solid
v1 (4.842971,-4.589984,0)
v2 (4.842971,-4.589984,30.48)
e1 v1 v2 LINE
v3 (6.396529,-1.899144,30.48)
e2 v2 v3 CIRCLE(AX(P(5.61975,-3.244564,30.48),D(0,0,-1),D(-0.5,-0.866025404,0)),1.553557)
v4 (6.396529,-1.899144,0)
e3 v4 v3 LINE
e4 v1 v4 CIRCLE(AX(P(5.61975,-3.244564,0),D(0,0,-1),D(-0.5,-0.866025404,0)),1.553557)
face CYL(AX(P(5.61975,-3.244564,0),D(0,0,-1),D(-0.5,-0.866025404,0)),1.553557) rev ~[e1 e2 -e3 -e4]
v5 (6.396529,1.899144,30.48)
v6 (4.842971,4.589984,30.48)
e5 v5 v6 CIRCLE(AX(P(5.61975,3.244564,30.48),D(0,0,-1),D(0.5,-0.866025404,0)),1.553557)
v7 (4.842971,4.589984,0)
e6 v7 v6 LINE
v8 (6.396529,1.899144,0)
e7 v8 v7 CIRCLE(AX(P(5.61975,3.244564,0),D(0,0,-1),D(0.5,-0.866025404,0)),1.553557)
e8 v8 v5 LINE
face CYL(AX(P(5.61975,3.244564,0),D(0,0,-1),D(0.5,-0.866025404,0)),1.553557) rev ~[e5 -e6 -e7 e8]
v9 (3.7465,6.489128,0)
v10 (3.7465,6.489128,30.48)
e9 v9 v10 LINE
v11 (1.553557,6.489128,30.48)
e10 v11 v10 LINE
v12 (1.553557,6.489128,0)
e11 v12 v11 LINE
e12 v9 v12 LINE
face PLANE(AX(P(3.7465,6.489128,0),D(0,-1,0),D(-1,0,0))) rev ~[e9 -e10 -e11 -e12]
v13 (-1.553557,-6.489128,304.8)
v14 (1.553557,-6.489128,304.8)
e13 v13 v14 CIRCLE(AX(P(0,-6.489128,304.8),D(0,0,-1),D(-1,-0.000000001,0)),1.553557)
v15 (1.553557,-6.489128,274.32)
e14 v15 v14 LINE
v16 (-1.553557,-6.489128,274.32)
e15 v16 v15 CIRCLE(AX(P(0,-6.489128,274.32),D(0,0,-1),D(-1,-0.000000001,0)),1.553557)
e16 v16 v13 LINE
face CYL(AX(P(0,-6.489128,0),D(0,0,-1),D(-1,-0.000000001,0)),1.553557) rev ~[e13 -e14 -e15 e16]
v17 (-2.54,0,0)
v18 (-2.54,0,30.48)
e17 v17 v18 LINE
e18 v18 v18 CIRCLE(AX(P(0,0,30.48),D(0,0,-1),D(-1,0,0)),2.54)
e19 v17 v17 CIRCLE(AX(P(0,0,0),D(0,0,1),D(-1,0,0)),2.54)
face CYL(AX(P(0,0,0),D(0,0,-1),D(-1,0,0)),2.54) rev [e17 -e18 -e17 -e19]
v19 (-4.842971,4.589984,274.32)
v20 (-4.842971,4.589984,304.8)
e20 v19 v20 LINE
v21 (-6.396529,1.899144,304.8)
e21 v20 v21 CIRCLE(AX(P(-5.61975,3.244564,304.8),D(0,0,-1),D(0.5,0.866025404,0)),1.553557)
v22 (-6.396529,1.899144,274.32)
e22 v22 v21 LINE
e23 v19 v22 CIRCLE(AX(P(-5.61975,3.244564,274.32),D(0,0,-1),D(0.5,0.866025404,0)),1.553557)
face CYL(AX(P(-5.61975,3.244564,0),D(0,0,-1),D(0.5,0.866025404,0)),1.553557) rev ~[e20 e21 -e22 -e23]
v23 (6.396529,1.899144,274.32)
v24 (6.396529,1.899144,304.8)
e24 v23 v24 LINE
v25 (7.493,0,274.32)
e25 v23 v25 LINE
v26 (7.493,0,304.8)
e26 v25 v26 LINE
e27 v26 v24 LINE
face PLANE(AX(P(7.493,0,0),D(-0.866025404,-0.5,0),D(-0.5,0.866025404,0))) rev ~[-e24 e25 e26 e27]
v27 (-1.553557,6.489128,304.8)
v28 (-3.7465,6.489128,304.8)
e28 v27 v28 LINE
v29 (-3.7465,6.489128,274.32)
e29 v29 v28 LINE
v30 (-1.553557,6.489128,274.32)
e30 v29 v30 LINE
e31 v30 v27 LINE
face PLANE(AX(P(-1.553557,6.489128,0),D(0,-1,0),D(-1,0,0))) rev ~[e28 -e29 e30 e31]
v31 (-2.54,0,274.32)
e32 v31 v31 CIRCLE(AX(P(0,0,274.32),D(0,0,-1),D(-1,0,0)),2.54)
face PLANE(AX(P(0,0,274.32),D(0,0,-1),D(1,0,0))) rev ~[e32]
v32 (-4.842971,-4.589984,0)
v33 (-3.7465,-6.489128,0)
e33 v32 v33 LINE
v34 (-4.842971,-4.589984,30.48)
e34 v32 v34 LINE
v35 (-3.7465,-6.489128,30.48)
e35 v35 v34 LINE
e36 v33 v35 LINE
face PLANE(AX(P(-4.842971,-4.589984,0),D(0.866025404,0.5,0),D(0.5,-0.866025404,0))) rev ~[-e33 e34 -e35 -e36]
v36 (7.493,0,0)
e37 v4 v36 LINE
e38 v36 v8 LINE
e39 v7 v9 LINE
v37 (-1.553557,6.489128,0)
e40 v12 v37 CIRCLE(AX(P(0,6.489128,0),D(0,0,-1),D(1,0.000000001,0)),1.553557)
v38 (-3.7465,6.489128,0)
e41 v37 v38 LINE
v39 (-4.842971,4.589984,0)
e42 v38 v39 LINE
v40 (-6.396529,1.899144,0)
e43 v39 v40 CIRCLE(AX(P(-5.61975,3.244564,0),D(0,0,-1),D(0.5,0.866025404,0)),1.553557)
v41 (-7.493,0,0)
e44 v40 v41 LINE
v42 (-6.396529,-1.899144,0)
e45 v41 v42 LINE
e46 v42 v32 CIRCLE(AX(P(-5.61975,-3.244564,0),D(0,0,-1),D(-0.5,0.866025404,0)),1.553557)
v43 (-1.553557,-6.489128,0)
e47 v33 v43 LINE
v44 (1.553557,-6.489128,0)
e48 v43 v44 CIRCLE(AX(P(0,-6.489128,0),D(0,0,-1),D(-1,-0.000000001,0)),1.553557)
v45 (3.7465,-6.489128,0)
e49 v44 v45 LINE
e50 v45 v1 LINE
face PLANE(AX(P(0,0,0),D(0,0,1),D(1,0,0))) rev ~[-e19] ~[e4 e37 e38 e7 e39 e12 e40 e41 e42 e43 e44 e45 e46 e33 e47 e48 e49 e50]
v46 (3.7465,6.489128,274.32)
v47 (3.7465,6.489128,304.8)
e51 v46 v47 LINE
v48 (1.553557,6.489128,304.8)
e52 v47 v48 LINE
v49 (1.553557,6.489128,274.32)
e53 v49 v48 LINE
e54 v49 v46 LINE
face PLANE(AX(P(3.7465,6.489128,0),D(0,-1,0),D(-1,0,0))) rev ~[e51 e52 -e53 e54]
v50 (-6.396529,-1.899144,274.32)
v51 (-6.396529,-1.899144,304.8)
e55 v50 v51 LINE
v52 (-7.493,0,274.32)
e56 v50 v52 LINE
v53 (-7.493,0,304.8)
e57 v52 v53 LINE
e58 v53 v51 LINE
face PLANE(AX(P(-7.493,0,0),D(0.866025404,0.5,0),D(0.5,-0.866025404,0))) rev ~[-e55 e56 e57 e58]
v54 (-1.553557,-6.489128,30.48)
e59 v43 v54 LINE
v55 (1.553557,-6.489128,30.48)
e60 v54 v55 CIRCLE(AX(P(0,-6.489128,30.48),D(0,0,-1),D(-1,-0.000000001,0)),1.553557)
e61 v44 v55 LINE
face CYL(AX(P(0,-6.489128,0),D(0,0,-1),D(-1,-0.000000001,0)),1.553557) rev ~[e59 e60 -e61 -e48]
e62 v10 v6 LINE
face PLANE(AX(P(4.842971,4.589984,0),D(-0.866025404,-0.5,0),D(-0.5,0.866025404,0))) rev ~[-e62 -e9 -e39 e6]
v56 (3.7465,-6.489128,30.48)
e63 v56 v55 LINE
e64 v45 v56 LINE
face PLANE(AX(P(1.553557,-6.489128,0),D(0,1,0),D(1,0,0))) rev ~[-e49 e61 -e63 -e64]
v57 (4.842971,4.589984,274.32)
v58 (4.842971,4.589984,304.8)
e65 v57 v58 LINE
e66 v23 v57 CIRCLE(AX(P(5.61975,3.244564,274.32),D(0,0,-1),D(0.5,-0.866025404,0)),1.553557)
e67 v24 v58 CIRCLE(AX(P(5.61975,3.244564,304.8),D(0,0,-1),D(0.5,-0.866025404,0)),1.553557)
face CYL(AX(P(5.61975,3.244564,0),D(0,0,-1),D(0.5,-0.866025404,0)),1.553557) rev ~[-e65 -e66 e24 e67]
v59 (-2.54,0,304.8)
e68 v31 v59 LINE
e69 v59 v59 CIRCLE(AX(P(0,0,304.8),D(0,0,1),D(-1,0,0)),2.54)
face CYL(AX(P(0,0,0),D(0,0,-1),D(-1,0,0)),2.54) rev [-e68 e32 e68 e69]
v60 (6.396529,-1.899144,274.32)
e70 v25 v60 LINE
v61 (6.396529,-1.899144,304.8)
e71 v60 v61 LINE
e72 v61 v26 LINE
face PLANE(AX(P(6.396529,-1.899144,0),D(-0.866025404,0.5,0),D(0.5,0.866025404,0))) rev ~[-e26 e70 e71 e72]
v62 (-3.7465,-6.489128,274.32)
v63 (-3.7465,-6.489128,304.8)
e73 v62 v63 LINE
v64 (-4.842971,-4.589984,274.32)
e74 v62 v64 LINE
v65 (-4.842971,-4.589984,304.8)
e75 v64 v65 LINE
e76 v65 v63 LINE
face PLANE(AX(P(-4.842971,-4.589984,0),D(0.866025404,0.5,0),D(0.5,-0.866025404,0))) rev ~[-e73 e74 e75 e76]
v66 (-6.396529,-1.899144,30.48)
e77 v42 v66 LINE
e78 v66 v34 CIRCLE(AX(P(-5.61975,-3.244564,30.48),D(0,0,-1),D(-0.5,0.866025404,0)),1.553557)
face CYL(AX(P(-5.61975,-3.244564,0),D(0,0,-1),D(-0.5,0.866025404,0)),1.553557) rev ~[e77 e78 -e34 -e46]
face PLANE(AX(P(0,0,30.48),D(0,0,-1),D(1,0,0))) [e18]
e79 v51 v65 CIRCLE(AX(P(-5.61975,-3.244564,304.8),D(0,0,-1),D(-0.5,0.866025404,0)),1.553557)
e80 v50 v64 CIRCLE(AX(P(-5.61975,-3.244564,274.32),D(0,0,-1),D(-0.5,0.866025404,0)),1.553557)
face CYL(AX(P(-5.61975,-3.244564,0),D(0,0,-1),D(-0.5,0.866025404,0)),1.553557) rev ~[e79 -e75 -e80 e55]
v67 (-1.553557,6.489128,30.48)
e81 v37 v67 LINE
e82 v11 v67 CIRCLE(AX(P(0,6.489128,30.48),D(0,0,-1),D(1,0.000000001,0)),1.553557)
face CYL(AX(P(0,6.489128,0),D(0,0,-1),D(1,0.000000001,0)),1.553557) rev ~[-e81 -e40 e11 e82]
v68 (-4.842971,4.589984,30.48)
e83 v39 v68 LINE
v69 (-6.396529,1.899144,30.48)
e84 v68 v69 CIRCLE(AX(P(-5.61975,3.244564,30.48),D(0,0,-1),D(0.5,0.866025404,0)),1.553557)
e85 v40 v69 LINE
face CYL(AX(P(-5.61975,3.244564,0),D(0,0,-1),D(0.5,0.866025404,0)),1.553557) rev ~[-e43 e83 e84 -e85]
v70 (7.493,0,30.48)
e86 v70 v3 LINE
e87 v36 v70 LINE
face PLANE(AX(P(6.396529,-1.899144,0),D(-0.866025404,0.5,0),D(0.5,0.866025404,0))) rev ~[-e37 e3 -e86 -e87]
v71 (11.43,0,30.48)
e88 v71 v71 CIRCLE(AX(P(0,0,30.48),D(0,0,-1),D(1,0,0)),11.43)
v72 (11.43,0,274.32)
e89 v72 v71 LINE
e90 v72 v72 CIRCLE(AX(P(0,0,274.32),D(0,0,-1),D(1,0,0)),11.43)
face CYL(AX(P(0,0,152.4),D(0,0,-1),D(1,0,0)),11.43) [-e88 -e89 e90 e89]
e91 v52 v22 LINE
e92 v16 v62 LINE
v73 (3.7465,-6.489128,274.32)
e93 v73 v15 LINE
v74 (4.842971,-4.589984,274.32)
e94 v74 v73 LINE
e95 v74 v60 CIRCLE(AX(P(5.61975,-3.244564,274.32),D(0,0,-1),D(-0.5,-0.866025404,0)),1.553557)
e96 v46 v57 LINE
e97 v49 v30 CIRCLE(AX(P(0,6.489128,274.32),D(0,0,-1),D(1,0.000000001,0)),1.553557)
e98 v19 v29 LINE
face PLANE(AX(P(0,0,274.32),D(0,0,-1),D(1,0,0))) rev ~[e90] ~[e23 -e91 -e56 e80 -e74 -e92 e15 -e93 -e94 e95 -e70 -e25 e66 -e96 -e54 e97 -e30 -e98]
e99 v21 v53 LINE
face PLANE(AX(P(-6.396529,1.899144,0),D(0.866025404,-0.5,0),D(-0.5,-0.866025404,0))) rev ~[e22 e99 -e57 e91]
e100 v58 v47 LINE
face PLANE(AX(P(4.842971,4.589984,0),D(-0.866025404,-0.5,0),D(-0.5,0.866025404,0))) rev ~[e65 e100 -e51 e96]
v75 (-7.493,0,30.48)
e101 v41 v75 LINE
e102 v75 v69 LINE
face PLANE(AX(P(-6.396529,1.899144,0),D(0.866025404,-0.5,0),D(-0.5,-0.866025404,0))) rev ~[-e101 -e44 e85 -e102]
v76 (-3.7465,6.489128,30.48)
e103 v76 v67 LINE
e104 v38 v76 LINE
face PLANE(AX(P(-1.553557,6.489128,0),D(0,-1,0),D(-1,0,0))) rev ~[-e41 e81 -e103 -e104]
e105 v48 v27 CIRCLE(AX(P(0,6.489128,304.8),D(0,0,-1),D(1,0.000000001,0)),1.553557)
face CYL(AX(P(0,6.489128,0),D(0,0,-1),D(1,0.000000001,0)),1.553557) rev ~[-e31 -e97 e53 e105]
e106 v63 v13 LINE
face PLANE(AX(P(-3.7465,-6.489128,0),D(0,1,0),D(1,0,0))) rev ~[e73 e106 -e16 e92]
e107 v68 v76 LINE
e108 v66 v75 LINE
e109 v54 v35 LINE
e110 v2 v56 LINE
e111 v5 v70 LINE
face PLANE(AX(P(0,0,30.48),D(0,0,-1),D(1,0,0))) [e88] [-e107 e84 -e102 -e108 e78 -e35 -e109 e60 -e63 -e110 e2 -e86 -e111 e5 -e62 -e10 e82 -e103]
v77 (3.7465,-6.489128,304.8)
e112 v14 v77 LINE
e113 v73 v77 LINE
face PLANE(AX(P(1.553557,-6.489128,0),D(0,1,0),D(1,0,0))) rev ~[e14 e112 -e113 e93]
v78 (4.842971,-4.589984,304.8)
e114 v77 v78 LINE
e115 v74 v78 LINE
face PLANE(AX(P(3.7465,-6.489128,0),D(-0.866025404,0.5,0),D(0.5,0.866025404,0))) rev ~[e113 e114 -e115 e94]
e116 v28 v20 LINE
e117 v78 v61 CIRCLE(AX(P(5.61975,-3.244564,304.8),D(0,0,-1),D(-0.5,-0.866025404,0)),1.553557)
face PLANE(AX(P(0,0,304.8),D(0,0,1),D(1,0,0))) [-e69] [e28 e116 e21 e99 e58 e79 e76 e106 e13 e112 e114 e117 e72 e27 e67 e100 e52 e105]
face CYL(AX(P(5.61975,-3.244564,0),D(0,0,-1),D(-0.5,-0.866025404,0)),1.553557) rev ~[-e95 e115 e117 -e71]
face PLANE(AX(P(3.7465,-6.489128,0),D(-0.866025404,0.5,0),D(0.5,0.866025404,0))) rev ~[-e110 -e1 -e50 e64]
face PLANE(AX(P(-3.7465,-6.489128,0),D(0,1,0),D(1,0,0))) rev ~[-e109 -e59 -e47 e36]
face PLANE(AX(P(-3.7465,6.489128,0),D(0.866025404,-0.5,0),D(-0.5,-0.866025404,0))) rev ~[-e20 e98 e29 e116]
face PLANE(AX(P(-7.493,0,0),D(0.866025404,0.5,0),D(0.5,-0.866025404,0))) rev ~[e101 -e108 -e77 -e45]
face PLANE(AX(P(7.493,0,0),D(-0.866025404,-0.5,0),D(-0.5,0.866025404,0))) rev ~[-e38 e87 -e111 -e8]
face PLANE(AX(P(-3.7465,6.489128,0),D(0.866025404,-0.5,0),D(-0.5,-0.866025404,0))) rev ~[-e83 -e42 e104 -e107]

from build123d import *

# Parameters (mm, degrees)
SKETCH1_R           = 2.54
BOSS_EXTRUDE1_DEPTH = 304.8
SKETCH2_R           = 11.43
BOSS_EXTRUDE2_DEPTH = 121.92


with BuildPart() as part:
    # Sketch1 → Boss-Extrude1 (new body)
    with BuildSketch(Plane.XY):
        with BuildLine():
            Line((7.493, 0), (6.396528537, 1.899144284))
            ThreePointArc((6.396528537, 1.899144284), (4.274330108, 2.467785639), (4.842971463, 4.589984067))
            Line((4.842971463, 4.589984067), (3.7465, 6.489128351))
            Line((3.7465, 6.489128351), (1.553557073, 6.489128351))
            ThreePointArc((1.553557073, 6.489128351), (0, 4.935571277), (-1.553557073, 6.489128351))
            Line((-1.553557073, 6.489128351), (-3.7465, 6.489128351))
            Line((-3.7465, 6.489128351), (-4.842971463, 4.589984067))
            ThreePointArc((-4.842971463, 4.589984067), (-4.274330108, 2.467785639), (-6.396528537, 1.899144284))
            Line((-6.396528537, 1.899144284), (-7.493, 0))
            Line((-7.493, 0), (-6.396528537, -1.899144284))
            ThreePointArc((-6.396528537, -1.899144284), (-4.274330108, -2.467785639), (-4.842971463, -4.589984067))
            Line((-4.842971463, -4.589984067), (-3.7465, -6.489128351))
            Line((-3.7465, -6.489128351), (-1.553557073, -6.489128351))
            ThreePointArc((-1.553557073, -6.489128351), (0, -4.935571277), (1.553557073, -6.489128351))
            Line((1.553557073, -6.489128351), (3.7465, -6.489128351))
            Line((3.7465, -6.489128351), (4.842971463, -4.589984067))
            ThreePointArc((4.842971463, -4.589984067), (4.274330108, -2.467785639), (6.396528537, -1.899144284))
            Line((6.396528537, -1.899144284), (7.493, 0))
        make_face()
        with Locations(Location((0, 0, 0), (0, 0, 180))):
            Circle(SKETCH1_R, mode=Mode.SUBTRACT)
    extrude(amount=BOSS_EXTRUDE1_DEPTH)

    # Sketch2 → Boss-Extrude2 (add, symmetric)
    with BuildSketch(Plane(origin=(0, 0, 152.4), x_dir=(-1, 0, 0), z_dir=(0, 0, -1))):
        with Locations(Location((0, 0, 0), (0, 0, 180))):
            Circle(SKETCH2_R)
    extrude(amount=BOSS_EXTRUDE2_DEPTH, both=True)


solid = part.part
